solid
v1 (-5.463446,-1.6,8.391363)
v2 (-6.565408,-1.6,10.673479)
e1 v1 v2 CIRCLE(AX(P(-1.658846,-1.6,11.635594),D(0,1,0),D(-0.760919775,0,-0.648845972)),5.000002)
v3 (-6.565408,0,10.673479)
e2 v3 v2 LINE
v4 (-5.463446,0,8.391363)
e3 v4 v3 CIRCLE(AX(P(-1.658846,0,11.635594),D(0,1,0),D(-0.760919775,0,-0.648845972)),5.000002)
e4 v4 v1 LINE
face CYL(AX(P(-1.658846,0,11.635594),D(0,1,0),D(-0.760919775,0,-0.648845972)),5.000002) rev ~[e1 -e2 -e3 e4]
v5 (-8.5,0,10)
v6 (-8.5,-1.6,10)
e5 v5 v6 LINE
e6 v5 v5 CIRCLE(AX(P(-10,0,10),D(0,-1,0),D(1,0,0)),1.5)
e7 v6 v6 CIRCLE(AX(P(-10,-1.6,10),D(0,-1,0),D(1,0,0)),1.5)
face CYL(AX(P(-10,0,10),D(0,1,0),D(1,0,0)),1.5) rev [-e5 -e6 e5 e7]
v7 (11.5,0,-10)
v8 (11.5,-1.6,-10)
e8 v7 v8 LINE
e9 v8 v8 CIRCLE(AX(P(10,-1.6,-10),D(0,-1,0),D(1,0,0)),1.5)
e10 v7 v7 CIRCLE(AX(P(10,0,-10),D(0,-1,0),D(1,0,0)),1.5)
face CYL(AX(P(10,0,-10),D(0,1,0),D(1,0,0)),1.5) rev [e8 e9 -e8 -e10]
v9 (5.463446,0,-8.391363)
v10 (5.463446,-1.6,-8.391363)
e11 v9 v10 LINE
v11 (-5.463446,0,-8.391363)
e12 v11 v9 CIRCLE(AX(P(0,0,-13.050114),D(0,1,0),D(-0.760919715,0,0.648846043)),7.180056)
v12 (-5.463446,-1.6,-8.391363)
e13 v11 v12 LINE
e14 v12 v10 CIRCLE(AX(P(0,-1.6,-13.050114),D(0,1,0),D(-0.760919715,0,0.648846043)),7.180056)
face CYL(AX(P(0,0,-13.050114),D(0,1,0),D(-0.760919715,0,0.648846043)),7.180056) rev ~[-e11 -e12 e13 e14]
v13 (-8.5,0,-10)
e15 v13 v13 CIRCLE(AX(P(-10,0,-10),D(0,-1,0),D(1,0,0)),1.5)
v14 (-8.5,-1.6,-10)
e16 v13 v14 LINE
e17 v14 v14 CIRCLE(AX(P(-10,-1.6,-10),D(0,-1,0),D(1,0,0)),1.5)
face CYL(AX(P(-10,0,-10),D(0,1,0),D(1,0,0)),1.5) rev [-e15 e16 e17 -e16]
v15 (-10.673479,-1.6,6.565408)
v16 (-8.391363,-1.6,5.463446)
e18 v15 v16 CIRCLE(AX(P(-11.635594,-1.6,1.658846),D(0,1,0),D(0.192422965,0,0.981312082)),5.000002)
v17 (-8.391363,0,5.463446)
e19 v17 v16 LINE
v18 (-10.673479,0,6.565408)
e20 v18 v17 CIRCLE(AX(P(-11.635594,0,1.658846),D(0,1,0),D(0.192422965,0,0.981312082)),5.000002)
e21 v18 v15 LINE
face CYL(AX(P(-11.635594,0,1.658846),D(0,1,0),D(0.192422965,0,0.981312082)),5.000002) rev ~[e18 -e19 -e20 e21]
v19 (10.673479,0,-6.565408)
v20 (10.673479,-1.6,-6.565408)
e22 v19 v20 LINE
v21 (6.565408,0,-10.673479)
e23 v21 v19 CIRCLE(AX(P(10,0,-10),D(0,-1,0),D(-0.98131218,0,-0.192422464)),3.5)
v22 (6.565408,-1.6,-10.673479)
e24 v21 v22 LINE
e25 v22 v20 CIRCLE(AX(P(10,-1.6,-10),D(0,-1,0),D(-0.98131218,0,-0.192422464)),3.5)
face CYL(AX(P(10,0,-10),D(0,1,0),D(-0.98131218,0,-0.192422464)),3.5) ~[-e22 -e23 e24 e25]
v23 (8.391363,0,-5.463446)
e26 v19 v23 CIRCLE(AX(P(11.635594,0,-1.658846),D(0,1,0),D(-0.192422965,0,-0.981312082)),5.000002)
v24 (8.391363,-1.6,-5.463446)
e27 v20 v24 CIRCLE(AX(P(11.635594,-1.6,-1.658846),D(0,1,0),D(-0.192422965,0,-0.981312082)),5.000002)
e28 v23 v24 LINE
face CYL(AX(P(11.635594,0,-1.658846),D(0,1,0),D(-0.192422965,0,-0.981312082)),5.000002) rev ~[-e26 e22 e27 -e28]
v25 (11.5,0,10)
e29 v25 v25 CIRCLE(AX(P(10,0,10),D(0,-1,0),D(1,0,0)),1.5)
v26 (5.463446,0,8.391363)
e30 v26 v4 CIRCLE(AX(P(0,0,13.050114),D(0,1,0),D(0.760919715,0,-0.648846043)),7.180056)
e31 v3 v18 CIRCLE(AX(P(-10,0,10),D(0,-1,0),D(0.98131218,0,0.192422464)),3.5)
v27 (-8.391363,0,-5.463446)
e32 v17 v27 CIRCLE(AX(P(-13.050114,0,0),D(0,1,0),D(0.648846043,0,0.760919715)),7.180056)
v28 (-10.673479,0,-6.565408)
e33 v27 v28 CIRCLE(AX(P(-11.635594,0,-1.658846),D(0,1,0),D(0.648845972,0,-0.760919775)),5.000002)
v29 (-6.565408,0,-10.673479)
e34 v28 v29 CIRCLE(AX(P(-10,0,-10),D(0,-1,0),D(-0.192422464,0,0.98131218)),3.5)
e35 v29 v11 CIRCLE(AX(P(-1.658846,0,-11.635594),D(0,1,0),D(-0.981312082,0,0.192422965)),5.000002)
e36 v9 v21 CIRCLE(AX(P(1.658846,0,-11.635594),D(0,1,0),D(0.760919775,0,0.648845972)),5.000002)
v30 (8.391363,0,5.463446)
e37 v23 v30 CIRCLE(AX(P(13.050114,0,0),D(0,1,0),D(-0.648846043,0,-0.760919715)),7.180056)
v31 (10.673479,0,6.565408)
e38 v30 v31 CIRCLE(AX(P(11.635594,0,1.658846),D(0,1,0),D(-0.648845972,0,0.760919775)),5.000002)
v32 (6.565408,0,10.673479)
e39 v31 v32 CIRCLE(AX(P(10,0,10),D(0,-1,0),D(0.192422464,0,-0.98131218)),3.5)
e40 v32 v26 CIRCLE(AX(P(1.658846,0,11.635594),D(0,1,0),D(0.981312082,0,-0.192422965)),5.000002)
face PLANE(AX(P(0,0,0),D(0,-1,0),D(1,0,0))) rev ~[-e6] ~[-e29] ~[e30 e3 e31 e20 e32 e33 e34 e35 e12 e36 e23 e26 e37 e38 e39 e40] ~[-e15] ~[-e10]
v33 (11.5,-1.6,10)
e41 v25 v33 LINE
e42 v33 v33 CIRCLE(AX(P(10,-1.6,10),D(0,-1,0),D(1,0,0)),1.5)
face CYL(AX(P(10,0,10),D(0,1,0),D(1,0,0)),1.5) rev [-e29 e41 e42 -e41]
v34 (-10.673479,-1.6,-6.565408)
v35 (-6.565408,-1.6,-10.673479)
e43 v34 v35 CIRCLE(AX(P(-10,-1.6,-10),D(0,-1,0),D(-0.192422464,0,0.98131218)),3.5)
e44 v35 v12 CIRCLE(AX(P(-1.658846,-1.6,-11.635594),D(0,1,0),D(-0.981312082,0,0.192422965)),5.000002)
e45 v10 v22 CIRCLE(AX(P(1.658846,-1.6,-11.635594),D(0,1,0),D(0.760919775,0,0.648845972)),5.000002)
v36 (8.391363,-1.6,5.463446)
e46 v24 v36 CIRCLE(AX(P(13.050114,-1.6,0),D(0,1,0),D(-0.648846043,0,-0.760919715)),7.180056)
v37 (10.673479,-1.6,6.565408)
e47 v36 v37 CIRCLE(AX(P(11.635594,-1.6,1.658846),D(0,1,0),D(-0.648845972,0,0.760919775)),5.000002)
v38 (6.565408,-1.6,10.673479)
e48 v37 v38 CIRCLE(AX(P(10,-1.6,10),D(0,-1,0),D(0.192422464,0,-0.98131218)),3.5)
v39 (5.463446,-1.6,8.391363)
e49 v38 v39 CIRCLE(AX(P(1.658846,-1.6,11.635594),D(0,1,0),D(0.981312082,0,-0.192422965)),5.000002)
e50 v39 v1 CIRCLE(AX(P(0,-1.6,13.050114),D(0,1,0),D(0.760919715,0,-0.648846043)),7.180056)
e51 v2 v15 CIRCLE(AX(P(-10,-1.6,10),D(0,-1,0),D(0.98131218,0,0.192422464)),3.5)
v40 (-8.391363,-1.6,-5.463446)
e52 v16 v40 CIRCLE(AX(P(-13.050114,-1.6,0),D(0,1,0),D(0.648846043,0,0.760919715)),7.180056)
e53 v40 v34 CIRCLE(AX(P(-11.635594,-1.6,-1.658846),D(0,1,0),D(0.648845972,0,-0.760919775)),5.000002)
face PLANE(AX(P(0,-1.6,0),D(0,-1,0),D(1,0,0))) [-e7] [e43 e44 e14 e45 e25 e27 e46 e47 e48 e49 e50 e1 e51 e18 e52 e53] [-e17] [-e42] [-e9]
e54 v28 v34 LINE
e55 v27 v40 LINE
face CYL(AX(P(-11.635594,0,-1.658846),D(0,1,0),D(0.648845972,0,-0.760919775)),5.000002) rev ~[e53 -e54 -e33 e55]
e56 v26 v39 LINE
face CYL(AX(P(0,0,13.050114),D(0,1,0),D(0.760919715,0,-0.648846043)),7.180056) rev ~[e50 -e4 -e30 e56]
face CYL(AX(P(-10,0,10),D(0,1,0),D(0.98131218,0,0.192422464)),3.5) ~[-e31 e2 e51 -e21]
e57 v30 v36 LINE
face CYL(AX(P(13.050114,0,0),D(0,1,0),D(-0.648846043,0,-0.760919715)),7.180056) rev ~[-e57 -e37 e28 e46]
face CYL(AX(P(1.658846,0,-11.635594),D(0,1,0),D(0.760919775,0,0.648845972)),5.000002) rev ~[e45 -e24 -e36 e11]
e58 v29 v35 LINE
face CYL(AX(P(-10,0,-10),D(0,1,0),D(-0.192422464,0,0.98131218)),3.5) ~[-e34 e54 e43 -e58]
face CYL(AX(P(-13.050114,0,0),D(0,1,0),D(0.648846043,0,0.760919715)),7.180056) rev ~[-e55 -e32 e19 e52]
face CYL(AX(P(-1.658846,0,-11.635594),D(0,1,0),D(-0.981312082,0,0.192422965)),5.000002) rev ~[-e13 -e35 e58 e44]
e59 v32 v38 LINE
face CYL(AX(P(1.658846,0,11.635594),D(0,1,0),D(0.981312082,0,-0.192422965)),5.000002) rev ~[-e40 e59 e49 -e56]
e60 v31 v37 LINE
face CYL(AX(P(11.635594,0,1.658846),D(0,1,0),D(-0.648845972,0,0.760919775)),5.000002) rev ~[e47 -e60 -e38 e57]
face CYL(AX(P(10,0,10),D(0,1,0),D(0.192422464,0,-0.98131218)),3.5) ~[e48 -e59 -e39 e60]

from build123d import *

# Parameters (mm, degrees)
F0_R     = 1.5
F1_DEPTH = 1.6


with BuildPart() as f1:
    # F0 (on Front) → F1 (new body)
    with BuildSketch(Plane.XZ):
        with BuildLine():
            ThreePointArc((-8.391363, -5.463446), (-9.461447, -6.161412), (-10.673479, -6.565408))
            ThreePointArc((-10.673479, -6.565408), (-12.474874, -12.474874), (-6.565408, -10.673479))
            ThreePointArc((-6.565408, -10.673479), (-6.161412, -9.461447), (-5.463446, -8.391363))
            ThreePointArc((-5.463446, -8.391363), (0, -5.870058), (5.463446, -8.391363))
            ThreePointArc((5.463446, -8.391363), (6.161412, -9.461447), (6.565408, -10.673479))
            ThreePointArc((6.565408, -10.673479), (12.474874, -12.474874), (10.673479, -6.565408))
            ThreePointArc((10.673479, -6.565408), (9.461447, -6.161412), (8.391363, -5.463446))
            ThreePointArc((8.391363, -5.463446), (5.870058, 0), (8.391363, 5.463446))
            ThreePointArc((8.391363, 5.463446), (9.461447, 6.161412), (10.673479, 6.565408))
            ThreePointArc((10.673479, 6.565408), (12.474874, 12.474874), (6.565408, 10.673479))
            ThreePointArc((6.565408, 10.673479), (6.161412, 9.461447), (5.463446, 8.391363))
            ThreePointArc((5.463446, 8.391363), (0, 5.870058), (-5.463446, 8.391363))
            ThreePointArc((-5.463446, 8.391363), (-6.161412, 9.461447), (-6.565408, 10.673479))
            ThreePointArc((-6.565408, 10.673479), (-12.474874, 12.474874), (-10.673479, 6.565408))
            ThreePointArc((-10.673479, 6.565408), (-9.461447, 6.161412), (-8.391363, 5.463446))
            ThreePointArc((-8.391363, 5.463446), (-5.870058, 0), (-8.391363, -5.463446))
        make_face()
        with Locations((-10, -10)):
            Circle(F0_R, mode=Mode.SUBTRACT)
        with Locations((10, -10)):
            Circle(F0_R, mode=Mode.SUBTRACT)
        with Locations((-10, 10)):
            Circle(F0_R, mode=Mode.SUBTRACT)
        with Locations((10, 10)):
            Circle(F0_R, mode=Mode.SUBTRACT)
    extrude(amount=F1_DEPTH)


solid = f1.part
